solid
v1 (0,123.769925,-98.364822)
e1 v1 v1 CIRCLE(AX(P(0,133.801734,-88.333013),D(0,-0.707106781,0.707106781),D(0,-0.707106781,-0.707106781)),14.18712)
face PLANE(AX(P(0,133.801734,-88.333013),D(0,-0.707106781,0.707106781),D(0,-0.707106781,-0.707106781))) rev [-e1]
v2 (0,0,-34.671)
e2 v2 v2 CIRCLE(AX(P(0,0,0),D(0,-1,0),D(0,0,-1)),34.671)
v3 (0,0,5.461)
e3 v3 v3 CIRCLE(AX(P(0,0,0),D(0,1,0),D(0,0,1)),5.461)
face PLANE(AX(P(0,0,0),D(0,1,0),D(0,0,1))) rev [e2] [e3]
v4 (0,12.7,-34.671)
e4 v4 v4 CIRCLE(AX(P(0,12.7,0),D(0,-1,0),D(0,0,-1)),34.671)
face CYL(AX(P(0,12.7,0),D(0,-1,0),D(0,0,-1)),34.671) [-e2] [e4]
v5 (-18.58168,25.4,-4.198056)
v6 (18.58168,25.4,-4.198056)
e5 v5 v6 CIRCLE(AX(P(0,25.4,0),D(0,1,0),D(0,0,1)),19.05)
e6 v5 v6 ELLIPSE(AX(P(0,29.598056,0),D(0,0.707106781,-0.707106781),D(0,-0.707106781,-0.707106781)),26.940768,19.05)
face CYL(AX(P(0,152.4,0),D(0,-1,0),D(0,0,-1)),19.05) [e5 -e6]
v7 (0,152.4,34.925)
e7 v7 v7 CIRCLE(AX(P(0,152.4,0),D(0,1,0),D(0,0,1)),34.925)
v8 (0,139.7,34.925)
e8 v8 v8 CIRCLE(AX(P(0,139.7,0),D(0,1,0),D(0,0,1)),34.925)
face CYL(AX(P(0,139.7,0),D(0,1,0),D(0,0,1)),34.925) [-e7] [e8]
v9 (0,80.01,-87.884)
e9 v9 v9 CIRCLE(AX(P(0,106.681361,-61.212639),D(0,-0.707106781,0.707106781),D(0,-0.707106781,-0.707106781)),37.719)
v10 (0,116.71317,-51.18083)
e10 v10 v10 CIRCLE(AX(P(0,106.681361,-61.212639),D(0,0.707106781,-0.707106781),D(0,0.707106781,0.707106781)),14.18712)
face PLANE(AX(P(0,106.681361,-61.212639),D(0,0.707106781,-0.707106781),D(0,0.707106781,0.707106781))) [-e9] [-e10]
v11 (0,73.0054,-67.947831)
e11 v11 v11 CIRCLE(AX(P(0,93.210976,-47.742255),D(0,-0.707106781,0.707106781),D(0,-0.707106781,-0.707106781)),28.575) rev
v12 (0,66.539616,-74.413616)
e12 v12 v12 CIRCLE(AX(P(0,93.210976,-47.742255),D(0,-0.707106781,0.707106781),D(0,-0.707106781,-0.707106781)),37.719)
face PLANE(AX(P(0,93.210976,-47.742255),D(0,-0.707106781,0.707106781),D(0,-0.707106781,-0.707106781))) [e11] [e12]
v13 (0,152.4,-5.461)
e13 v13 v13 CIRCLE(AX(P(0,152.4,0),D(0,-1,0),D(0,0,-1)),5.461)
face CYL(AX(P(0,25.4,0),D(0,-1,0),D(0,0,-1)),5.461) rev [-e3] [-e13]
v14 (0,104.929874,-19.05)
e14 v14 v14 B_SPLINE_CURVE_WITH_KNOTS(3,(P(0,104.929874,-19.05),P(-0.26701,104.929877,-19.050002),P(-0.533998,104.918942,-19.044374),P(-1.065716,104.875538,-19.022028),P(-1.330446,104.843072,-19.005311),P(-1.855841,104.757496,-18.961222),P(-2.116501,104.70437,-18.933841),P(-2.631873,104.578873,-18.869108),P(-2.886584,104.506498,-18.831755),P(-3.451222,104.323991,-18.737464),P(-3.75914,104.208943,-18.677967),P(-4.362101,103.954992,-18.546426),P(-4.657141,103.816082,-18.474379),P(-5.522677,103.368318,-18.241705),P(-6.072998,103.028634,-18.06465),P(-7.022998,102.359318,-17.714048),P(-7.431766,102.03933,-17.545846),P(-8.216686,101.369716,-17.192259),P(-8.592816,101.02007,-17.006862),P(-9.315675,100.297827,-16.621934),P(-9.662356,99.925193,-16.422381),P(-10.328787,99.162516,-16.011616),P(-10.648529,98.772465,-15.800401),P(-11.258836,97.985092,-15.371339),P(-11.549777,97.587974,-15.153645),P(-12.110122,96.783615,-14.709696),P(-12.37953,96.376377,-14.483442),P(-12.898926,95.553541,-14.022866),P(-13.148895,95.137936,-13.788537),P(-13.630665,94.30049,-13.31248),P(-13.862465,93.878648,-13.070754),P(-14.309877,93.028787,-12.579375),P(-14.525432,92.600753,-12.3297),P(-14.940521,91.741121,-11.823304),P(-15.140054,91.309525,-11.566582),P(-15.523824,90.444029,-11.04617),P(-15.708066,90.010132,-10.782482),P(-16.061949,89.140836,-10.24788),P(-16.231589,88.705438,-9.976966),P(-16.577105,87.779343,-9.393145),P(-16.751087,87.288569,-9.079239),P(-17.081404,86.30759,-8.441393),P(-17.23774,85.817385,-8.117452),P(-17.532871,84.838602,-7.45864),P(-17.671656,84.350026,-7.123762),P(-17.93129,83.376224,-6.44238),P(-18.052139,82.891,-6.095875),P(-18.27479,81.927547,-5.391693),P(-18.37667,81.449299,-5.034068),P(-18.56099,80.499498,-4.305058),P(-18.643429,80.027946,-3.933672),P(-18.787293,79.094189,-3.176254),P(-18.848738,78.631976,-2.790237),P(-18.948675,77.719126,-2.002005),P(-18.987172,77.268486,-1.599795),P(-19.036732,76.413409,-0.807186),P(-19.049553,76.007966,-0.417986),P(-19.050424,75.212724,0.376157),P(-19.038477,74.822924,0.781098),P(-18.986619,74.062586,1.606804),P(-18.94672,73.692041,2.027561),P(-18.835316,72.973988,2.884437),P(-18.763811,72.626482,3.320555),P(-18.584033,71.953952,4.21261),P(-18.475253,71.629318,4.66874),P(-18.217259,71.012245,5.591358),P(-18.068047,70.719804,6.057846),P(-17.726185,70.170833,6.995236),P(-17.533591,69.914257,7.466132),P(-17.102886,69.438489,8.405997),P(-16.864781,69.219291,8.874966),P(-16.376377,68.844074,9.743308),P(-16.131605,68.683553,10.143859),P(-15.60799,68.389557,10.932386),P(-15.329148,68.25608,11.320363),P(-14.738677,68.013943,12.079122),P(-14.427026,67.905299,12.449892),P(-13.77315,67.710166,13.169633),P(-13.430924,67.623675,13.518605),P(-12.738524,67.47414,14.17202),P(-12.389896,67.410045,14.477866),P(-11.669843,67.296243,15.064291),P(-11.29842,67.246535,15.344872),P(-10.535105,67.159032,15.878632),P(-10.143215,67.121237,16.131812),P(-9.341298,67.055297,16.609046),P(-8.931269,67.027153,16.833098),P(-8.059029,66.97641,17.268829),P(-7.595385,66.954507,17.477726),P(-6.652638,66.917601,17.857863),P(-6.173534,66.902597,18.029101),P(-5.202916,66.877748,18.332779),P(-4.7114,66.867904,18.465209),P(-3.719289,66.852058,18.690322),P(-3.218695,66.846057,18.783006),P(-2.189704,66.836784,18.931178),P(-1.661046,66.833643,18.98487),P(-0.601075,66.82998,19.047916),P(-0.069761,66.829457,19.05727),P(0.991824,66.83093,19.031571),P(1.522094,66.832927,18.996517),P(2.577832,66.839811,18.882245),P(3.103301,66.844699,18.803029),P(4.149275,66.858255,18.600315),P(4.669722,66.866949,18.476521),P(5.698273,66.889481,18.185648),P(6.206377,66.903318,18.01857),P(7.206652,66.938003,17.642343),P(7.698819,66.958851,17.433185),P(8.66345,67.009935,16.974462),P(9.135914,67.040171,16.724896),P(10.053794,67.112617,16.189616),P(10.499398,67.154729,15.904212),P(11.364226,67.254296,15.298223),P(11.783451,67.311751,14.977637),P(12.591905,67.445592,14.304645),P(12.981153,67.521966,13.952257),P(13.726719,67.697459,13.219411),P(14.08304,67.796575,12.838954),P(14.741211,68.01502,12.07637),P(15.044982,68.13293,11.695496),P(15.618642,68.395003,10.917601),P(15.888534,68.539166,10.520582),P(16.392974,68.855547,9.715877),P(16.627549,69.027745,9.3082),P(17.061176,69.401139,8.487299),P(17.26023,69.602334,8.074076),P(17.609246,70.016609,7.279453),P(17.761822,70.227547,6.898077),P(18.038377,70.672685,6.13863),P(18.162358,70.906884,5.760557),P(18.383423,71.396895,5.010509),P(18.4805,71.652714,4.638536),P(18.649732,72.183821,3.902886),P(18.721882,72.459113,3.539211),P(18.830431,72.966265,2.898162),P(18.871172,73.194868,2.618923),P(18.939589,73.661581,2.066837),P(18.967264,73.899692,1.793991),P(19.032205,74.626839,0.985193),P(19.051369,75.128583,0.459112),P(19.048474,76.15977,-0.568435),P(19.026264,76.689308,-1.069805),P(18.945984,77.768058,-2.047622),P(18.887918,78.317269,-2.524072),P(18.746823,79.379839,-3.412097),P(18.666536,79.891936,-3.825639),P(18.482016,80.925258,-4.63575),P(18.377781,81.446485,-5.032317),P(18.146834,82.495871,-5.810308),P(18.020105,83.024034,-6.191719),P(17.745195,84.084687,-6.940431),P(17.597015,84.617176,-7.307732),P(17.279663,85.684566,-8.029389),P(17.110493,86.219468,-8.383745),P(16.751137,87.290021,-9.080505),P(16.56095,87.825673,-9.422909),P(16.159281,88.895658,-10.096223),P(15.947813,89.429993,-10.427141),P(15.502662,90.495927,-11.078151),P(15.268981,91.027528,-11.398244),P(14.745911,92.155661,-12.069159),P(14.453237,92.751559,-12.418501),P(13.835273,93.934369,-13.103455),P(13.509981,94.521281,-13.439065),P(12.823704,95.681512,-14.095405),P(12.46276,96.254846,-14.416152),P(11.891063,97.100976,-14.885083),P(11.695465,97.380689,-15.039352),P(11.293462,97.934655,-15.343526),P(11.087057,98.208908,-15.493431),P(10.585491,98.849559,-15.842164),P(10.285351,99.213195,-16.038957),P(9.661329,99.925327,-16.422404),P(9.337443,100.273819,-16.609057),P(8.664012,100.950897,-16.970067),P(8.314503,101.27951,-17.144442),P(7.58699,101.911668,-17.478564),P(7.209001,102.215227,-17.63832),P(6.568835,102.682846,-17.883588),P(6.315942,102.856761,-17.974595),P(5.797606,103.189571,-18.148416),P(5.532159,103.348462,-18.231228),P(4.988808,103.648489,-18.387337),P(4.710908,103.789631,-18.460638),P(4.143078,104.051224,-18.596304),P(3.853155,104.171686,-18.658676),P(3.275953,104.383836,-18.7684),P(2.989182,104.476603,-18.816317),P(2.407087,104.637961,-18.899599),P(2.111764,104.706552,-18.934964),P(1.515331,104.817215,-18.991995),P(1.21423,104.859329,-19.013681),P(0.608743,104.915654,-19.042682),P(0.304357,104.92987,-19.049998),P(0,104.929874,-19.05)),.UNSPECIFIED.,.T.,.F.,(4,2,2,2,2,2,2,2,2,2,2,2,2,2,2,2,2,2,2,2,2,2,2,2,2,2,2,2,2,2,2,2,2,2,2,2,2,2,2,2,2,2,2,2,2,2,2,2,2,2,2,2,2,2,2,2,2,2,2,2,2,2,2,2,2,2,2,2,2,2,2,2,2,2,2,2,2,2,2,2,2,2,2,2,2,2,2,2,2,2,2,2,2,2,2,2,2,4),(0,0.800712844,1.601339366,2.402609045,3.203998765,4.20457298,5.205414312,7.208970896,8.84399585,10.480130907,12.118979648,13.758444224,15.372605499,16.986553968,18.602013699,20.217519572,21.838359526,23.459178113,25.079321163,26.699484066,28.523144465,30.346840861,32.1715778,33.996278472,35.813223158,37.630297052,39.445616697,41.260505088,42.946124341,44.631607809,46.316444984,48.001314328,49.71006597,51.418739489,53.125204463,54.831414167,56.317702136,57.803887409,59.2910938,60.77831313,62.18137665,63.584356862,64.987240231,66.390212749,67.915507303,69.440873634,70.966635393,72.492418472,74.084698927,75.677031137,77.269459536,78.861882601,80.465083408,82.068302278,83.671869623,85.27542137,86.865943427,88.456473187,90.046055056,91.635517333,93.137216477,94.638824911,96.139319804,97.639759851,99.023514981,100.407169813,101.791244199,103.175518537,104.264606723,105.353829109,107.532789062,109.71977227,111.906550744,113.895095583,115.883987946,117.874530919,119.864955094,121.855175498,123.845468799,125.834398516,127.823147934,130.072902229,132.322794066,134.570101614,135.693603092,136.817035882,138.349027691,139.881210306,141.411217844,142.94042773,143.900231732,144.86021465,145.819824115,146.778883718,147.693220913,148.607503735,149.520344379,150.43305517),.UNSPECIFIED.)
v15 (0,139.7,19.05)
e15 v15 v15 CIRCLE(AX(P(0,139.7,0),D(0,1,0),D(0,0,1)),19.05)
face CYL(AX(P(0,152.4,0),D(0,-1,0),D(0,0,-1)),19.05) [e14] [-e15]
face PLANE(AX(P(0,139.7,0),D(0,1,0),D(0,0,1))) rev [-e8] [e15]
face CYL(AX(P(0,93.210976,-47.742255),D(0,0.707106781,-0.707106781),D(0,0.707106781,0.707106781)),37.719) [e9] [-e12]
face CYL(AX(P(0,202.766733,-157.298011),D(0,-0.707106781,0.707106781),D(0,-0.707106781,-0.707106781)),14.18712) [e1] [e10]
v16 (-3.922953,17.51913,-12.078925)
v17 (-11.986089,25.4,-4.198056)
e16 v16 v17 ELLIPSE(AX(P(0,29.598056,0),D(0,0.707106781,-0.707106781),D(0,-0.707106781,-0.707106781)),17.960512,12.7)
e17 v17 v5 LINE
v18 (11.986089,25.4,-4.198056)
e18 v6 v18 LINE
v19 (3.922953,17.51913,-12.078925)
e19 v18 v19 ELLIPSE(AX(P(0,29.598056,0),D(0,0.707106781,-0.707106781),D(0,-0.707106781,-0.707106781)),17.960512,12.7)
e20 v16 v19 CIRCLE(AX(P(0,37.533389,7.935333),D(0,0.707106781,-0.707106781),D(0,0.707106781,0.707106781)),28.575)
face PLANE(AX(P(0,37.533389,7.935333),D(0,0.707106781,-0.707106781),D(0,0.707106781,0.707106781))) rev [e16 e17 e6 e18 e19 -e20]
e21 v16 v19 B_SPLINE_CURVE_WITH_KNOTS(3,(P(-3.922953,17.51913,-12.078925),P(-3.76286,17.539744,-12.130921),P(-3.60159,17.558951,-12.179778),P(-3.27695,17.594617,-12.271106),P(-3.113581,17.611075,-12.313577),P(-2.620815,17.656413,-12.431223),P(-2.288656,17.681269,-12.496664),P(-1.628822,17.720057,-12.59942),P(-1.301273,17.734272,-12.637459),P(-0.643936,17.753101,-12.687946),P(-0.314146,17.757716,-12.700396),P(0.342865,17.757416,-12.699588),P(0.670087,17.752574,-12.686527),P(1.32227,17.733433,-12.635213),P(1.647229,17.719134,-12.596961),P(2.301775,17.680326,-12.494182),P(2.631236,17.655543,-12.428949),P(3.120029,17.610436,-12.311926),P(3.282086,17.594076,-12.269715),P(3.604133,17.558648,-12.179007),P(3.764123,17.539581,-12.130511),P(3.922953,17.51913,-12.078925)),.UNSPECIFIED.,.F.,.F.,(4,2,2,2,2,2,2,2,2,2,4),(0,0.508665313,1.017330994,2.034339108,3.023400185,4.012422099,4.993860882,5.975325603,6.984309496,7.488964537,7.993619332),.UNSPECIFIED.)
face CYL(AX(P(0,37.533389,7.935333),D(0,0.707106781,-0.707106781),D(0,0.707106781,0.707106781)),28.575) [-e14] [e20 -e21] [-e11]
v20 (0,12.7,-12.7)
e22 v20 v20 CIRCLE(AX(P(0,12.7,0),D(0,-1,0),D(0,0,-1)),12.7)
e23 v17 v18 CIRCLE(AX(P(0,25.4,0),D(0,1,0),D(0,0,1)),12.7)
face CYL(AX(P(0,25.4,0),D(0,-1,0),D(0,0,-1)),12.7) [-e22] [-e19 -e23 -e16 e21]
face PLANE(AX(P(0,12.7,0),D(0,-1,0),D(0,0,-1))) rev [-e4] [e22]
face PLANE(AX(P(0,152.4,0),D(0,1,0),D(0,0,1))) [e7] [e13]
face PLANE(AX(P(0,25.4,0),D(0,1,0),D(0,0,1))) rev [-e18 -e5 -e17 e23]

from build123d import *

# Parameters (mm, degrees)
SKETCH1_R      = 12.7
SKETCH1_R_2    = 5.461
EXTRUDE1_DEPTH = 25.4
SKETCH2_R      = 19.05
SKETCH2_R_2    = 5.461
EXTRUDE2_DEPTH = 127
SKETCH5_R      = 34.671
SKETCH5_R_2    = 12.7
EXTRUDE3_DEPTH = 12.7
SKETCH7_R      = 37.719
EXTRUDE4_DEPTH = 19.05
SKETCH9_R      = 28.575
EXTRUDE6_DEPTH = 97.79
SKETCH10_R     = 14.187120342
EXTRUDE7_DEPTH = 38.354
SKETCH11_R     = 34.925
EXTRUDE8_DEPTH = 12.7
SKETCH12_R     = 5.461
EXTRUDE9_DEPTH = 153.4


with BuildPart() as part:
    # Sketch1 → Extrude1 (new body)
    with BuildSketch(Plane(origin=(0, 0, 0), x_dir=(1, 0, 0), z_dir=(0, 1, 0))):
        Circle(SKETCH1_R)
        Circle(SKETCH1_R_2, mode=Mode.SUBTRACT)
    extrude(amount=EXTRUDE1_DEPTH)

    # Sketch2 → Extrude2 (add)
    with BuildSketch(Plane(origin=(0, 25.4, 0), x_dir=(1, 0, 0), z_dir=(0, 1, 0))):
        Circle(SKETCH2_R)
        Circle(SKETCH2_R_2, mode=Mode.SUBTRACT)
    extrude(amount=EXTRUDE2_DEPTH)

    # Sketch5 → Extrude3 (add)
    with BuildSketch(Plane.XZ):
        Circle(SKETCH5_R)
        Circle(SKETCH5_R_2, mode=Mode.SUBTRACT)
    extrude(amount=-EXTRUDE3_DEPTH)



with BuildPart() as body_2:
    # Sketch7 → Extrude4 (new body)
    with BuildSketch(Plane(origin=(0, 106.68136068, -61.21263932), x_dir=(-1, 0, 0), z_dir=(0, -0.707106781, 0.707106781))):
        Circle(SKETCH7_R)
    extrude(amount=EXTRUDE4_DEPTH)


with BuildPart() as part_1:
    add(part.part)

    add(body_2.part)  # Extrude6 merges body 2
    # Sketch9 → Extrude6 (add)
    with BuildSketch(Plane(origin=(0, 83.947, -83.947), x_dir=(1, 0, 0), z_dir=(0, 0.707106781, -0.707106781))):
        with Locations((0, -32.151241205)):
            Circle(SKETCH9_R)
    extrude(amount=-EXTRUDE6_DEPTH)

    # Sketch10 → Extrude7 (add)
    with BuildSketch(Plane(origin=(0, 83.947, -83.947), x_dir=(1, 0, 0), z_dir=(0, 0.707106781, -0.707106781))):
        with Locations((0, -32.151241205)):
            Circle(SKETCH10_R)
    extrude(amount=EXTRUDE7_DEPTH)

    # Sketch11 → Extrude8 (add)
    with BuildSketch(Plane(origin=(0, 152.4, 0), x_dir=(1, 0, 0), z_dir=(0, 1, 0))):
        Circle(SKETCH11_R)
    extrude(amount=-EXTRUDE8_DEPTH)

    # Sketch12 → Extrude9 (cut, through all)
    with BuildSketch(Plane.XZ):
        Circle(SKETCH12_R)
    extrude(amount=-EXTRUDE9_DEPTH, mode=Mode.SUBTRACT)


solid = part_1.part
